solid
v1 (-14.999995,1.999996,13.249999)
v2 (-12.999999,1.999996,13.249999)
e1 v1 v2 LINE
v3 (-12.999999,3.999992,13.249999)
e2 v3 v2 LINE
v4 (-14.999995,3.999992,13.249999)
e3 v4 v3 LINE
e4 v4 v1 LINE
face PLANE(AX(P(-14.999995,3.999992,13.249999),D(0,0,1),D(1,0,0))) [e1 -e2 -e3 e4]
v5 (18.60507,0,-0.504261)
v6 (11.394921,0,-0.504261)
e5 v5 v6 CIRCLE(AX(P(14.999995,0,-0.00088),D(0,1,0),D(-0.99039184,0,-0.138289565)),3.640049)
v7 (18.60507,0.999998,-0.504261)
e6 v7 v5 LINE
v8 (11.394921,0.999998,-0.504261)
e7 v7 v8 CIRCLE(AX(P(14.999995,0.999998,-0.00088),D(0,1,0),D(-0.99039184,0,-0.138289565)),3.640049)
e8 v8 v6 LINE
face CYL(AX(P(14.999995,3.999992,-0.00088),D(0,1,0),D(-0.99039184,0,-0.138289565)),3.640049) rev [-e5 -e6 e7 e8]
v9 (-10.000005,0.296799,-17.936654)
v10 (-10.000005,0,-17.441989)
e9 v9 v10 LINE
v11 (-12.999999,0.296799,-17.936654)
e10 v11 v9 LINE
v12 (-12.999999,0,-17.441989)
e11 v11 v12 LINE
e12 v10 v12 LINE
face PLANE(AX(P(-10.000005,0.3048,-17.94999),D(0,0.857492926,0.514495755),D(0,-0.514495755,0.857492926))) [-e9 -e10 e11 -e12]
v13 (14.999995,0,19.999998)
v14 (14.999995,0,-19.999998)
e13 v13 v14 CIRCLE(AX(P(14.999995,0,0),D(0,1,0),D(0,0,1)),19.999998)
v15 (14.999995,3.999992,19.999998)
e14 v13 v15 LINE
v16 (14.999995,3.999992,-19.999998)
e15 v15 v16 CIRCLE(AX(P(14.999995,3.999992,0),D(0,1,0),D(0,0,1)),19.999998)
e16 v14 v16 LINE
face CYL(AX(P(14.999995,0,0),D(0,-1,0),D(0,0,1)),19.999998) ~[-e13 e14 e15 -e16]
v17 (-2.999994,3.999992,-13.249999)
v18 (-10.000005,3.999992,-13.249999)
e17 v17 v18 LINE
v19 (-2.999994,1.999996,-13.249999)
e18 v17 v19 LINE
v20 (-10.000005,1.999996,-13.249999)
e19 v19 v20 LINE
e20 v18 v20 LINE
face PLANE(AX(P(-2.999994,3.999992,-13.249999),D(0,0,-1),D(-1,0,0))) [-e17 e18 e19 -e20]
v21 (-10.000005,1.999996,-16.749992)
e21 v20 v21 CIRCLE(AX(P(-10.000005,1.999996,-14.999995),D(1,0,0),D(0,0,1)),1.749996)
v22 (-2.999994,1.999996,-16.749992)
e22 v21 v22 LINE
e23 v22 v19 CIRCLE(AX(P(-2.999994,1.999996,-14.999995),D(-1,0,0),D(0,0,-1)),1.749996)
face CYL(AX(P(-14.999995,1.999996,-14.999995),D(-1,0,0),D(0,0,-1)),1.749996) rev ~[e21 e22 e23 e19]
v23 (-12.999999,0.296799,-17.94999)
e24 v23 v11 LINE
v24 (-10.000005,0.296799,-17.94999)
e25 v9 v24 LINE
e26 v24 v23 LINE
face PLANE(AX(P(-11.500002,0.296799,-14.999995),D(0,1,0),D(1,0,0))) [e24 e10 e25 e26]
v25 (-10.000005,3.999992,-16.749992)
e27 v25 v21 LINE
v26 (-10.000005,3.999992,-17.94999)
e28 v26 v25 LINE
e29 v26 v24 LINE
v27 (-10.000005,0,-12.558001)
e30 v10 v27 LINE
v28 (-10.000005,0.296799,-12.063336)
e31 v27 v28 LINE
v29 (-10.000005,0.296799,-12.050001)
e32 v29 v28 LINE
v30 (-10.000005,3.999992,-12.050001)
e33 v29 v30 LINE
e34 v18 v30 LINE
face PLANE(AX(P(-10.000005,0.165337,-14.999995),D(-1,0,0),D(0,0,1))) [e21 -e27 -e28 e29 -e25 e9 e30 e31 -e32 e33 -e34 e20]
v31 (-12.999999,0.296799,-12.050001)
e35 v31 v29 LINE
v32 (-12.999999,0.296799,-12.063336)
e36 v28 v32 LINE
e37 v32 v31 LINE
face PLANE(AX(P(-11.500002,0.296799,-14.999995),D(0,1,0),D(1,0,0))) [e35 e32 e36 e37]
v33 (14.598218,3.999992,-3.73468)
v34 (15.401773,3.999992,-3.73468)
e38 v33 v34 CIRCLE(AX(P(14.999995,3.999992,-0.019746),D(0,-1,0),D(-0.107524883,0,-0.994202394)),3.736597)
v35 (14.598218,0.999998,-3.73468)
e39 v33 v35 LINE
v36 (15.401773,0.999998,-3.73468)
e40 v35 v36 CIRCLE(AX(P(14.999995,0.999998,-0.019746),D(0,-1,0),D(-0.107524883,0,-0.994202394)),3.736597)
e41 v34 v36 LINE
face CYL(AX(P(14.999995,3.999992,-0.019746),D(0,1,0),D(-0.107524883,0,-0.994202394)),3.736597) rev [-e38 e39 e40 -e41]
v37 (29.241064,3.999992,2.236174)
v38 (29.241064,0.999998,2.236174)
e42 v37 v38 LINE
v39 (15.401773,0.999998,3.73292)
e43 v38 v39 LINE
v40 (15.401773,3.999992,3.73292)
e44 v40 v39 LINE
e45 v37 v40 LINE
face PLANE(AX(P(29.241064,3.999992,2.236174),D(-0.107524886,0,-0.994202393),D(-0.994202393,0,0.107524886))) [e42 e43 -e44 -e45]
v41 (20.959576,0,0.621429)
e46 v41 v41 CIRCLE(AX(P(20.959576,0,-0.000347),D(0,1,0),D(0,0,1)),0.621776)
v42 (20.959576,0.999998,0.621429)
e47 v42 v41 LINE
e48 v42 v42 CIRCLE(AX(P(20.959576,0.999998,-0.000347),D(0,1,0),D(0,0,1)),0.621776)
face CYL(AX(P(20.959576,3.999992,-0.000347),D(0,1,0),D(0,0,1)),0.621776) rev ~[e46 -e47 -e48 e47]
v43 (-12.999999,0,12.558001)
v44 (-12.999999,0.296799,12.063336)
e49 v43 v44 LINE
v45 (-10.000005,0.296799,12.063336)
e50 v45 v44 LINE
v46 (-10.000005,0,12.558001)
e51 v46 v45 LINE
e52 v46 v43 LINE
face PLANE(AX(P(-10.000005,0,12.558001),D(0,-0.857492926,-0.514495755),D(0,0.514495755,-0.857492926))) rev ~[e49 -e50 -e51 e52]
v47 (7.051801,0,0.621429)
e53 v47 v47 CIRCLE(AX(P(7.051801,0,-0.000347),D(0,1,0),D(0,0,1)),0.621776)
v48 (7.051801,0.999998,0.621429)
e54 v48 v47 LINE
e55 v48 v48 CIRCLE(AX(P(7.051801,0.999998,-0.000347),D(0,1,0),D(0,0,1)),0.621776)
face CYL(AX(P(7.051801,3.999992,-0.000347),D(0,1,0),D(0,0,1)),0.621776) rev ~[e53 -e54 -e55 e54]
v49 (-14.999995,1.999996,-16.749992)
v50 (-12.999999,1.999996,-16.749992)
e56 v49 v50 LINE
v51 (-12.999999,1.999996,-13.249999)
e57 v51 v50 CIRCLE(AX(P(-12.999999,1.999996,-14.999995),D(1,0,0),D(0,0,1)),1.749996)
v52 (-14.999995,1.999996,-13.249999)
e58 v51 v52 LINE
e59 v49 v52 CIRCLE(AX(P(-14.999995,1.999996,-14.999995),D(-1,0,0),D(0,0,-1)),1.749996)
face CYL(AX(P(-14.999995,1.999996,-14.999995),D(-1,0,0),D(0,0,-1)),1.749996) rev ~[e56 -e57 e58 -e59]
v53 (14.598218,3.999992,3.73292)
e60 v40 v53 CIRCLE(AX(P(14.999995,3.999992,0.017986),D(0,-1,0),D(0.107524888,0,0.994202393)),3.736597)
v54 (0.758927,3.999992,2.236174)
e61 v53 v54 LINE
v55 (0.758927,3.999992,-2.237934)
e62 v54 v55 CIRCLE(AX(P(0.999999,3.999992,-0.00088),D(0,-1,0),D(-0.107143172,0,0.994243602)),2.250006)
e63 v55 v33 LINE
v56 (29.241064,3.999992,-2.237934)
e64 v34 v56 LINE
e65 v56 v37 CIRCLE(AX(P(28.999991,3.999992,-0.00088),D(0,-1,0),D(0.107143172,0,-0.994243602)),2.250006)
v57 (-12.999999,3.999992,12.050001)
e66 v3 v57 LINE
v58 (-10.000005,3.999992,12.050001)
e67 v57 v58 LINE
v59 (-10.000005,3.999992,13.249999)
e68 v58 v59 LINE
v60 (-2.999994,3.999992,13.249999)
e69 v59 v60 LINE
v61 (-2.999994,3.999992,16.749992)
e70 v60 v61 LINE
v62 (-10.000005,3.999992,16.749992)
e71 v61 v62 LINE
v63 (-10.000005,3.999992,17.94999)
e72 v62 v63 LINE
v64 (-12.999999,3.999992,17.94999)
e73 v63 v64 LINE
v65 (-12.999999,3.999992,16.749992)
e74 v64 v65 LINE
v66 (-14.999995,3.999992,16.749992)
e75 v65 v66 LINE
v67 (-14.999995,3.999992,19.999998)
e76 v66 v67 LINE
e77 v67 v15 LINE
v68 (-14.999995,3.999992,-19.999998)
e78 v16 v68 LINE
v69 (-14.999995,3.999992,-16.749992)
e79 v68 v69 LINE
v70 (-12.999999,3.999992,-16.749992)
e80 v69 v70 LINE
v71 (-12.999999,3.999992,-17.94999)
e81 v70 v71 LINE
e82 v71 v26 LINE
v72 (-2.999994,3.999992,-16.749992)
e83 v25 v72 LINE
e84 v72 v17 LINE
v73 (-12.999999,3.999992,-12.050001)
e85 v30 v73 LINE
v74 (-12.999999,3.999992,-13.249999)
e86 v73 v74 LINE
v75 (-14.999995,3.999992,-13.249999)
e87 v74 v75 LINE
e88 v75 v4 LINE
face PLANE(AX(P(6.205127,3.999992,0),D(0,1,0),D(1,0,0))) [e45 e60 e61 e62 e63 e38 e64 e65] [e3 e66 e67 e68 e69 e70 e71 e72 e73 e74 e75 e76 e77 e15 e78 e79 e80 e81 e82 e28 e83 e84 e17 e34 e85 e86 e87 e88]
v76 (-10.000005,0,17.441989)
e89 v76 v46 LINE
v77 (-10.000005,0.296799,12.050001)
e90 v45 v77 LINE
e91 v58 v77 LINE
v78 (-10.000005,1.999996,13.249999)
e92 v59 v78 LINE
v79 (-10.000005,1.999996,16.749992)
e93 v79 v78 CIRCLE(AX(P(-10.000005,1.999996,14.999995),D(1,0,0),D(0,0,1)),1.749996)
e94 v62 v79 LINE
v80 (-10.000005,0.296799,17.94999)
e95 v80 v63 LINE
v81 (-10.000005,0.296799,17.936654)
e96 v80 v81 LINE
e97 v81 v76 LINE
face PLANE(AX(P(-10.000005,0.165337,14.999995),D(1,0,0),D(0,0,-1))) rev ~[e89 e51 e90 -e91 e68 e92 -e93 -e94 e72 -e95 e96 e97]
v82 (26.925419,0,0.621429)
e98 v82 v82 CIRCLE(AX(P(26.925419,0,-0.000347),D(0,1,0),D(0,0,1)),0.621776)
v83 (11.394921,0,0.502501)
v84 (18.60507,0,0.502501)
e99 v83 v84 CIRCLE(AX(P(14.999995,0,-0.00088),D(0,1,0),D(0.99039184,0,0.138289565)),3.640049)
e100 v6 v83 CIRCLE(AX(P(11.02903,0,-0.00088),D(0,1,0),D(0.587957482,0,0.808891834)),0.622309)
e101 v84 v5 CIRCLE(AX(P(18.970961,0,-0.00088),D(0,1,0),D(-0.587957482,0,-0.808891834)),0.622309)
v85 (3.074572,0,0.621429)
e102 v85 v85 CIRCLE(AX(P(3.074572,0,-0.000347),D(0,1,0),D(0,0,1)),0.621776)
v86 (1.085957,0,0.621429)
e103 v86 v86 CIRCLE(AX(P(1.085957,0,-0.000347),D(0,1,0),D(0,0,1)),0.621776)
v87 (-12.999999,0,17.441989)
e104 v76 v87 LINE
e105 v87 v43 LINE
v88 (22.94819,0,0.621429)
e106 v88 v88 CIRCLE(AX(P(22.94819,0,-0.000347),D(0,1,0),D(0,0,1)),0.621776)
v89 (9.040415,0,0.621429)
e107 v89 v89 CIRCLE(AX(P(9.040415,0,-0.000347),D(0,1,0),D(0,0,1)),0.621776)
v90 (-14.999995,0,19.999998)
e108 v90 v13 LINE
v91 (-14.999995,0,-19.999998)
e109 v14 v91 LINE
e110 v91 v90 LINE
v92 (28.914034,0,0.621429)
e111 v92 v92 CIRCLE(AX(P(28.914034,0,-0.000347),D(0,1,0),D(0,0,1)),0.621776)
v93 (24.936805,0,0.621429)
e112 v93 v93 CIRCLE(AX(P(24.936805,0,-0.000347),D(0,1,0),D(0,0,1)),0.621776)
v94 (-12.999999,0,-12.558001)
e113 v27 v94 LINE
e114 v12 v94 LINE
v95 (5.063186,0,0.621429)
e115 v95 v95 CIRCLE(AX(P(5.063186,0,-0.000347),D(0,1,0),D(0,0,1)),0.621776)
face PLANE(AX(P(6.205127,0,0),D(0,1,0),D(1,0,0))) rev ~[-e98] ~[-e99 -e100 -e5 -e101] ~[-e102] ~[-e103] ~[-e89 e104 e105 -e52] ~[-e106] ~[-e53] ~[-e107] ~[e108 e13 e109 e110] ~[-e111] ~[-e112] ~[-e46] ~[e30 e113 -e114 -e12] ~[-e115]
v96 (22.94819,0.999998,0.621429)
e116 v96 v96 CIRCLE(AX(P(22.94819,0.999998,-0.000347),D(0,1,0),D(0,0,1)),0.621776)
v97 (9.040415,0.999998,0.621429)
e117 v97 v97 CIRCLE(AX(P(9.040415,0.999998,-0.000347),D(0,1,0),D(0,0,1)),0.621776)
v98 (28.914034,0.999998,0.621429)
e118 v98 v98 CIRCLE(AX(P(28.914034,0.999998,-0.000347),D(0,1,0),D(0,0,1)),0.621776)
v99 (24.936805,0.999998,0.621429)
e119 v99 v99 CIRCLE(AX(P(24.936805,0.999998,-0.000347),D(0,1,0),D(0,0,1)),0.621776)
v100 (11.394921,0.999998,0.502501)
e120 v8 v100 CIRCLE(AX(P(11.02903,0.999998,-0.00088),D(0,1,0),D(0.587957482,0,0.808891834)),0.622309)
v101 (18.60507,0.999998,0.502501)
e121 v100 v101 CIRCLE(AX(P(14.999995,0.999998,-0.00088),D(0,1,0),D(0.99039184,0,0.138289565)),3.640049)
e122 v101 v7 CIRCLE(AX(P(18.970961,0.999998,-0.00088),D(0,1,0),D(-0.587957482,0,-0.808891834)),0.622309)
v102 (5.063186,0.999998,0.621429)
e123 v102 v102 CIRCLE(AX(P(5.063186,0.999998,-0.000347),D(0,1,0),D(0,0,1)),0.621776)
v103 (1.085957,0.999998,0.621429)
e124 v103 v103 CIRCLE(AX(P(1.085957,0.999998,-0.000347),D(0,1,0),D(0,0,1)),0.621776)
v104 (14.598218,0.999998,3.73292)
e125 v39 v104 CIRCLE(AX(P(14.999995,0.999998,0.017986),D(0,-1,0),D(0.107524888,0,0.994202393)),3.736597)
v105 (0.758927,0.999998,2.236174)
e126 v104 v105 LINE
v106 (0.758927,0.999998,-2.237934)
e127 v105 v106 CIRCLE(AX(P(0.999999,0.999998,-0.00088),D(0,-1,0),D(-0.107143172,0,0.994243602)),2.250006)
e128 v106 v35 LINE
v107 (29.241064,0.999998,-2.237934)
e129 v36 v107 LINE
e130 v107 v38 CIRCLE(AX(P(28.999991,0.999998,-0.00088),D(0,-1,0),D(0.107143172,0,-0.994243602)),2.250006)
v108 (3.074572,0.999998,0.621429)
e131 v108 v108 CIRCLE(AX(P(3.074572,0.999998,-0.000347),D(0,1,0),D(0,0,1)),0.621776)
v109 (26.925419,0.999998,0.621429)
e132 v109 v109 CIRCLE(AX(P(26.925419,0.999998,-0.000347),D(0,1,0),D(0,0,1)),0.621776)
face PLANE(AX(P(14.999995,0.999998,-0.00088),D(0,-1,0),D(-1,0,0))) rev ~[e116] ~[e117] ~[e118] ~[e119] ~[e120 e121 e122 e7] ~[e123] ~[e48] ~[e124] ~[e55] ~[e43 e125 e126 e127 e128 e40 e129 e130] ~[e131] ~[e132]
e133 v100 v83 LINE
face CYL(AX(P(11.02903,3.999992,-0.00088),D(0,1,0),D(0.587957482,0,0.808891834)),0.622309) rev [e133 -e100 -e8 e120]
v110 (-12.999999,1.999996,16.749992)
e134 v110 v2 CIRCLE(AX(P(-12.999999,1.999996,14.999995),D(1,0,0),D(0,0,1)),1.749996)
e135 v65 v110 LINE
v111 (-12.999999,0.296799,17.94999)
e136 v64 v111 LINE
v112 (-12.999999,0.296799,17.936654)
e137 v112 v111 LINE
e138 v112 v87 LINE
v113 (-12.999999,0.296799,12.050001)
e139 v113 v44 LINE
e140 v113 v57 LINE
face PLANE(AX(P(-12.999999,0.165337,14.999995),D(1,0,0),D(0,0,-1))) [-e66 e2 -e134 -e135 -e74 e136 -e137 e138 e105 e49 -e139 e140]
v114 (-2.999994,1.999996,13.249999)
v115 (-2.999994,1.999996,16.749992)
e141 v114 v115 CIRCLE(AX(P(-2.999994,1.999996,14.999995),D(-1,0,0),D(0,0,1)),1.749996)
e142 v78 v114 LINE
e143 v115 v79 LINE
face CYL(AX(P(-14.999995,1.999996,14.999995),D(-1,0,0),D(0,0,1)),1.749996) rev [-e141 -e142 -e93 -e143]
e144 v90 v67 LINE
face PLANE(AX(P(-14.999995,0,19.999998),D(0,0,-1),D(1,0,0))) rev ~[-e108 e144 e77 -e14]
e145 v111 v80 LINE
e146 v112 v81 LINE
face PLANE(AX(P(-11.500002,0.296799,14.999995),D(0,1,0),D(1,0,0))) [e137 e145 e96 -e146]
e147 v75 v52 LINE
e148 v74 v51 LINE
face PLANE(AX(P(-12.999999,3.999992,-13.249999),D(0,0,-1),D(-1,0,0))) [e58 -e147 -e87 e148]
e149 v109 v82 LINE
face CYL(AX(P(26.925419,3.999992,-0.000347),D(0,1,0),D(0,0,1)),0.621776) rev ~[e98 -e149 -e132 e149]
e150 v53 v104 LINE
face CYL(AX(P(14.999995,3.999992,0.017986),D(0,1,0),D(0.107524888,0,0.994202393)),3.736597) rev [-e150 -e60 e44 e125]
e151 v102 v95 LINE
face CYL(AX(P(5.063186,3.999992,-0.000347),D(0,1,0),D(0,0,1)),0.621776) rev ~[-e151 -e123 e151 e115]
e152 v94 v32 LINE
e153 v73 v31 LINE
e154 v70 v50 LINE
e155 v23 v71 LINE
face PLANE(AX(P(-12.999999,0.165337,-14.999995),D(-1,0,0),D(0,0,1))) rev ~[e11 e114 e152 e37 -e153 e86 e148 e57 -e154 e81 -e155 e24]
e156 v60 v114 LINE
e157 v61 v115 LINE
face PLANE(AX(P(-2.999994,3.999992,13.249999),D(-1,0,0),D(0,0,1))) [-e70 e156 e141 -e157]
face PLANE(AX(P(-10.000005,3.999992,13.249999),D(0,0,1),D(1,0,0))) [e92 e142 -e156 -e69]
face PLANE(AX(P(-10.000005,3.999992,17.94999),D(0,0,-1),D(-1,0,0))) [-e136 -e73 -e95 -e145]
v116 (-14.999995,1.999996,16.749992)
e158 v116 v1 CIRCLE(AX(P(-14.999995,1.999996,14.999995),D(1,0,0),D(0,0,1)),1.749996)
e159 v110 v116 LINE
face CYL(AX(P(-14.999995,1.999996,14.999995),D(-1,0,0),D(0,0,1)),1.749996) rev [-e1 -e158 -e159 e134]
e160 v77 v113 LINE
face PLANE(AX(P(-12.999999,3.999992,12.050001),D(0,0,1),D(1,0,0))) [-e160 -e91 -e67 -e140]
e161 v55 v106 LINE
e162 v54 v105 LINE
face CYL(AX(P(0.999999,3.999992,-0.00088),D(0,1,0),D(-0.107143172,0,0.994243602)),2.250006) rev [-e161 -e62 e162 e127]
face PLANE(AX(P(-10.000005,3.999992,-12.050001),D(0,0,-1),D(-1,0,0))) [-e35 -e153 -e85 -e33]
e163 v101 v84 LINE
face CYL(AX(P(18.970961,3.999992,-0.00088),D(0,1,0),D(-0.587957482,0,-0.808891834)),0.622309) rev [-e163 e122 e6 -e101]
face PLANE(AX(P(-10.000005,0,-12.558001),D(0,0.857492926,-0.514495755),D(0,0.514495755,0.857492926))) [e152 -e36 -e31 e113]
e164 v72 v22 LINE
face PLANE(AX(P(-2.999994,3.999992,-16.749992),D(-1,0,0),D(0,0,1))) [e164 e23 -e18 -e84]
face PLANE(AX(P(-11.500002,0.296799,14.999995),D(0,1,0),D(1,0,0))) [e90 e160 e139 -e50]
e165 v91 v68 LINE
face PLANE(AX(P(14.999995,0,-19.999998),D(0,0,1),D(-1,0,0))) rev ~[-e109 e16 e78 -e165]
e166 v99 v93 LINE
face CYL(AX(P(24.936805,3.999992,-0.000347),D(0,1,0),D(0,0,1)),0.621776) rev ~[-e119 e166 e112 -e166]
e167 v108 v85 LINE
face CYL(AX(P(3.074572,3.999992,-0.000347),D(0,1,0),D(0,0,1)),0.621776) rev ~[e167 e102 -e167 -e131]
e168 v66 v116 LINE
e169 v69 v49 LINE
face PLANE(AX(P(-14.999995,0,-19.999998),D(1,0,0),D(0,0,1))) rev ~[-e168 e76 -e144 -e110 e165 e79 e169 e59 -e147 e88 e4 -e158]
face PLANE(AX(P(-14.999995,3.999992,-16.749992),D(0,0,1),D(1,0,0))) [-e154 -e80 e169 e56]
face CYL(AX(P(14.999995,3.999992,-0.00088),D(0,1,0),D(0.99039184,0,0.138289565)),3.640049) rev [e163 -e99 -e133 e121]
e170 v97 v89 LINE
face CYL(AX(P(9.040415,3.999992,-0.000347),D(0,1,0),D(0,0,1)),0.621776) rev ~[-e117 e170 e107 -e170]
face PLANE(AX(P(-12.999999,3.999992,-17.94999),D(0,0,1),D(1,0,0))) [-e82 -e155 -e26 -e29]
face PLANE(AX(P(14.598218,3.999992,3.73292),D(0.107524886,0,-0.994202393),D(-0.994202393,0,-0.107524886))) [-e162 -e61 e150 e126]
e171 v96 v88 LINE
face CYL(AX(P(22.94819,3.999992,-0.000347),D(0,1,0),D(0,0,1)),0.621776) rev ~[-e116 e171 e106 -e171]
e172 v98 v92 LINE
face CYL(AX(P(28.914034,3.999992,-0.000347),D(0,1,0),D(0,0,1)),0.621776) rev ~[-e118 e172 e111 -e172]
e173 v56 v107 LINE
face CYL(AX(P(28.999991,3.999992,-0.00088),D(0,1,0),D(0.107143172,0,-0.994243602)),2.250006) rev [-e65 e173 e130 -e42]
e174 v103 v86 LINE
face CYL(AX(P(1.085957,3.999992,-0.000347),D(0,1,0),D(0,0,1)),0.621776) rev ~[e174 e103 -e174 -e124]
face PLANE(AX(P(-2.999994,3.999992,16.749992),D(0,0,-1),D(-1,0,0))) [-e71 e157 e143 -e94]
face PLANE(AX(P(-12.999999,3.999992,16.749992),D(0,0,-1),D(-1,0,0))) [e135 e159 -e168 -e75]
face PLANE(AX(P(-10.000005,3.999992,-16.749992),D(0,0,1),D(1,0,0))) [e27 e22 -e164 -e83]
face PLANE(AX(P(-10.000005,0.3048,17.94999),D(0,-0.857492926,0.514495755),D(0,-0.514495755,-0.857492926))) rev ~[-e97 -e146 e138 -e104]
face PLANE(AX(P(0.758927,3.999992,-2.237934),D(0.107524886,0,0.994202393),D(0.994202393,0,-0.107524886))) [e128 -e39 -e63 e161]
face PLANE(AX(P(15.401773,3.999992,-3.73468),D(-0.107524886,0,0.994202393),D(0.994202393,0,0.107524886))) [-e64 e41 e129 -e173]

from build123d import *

# Parameters (mm, degrees)
BOSS_EXTRUDE1_DEPTH = 3.999992
CUT_EXTRUDE1_DEPTH  = 1.999996
CUT_EXTRUDE2_REACH  = 56
CUT_EXTRUDE3_DEPTH  = 3.703193
CUT_EXTRUDE4_DEPTH  = 2.999994
SKETCH6_R           = 0.621776252
CUT_EXTRUDE5_DEPTH  = 41.509250857
CUT_EXTRUDE6_DEPTH  = 2.999994


with BuildPart() as part:
    # Sketch1 → Boss-Extrude1 (new body)
    with BuildSketch(Plane(origin=(0, 0, 0), x_dir=(1, 0, 0), z_dir=(0, 1, 0))):
        with BuildLine():
            Line((-14.9999954, -19.9999981), (14.9999954, -19.9999981))
            ThreePointArc((14.9999954, -19.9999981), (34.9999935, 0), (14.9999954, 19.9999981))
            Line((14.9999954, 19.9999981), (-14.9999954, 19.9999981))
            Line((-14.9999954, 19.9999981), (-14.9999954, -19.9999981))
        make_face()
    extrude(amount=BOSS_EXTRUDE1_DEPTH)

    # Sketch2 → Cut-Extrude1 (cut)
    with BuildSketch(Plane(origin=(0, 3.999992, 0), x_dir=(1, 0, 0), z_dir=(0, 1, 0))):
        Polygon((-14.9999954, -16.7499919), (-14.9999954, -13.2499989), (-12.9999994, -13.2499989), (-12.9999994, -12.0500013), (-10.0000054, -12.0500013), (-10.0000054, -13.2499989), (-2.999994, -13.2499989), (-2.999994, -16.7499919), (-10.0000054, -16.7499919), (-10.0000054, -17.9499895), (-12.9999994, -17.9499895), (-12.9999994, -16.7499919), align=None)
        Polygon((-14.9999954, 16.7499919), (-12.9999994, 16.7499919), (-12.9999994, 17.9499895), (-10.0000054, 17.9499895), (-10.0000054, 16.7499919), (-2.999994, 16.7499919), (-2.999994, 13.2499989), (-10.0000054, 13.2499989), (-10.0000054, 12.0500013), (-12.9999994, 12.0500013), (-12.9999994, 13.2499989), (-14.9999954, 13.2499989), align=None)
    extrude(amount=-CUT_EXTRUDE1_DEPTH, mode=Mode.SUBTRACT)

    # Cut-Extrude2: up to this face of the body (flat: up to its plane)
    cut_extrude2_end = Plane(part.part.faces().sort_by_distance((-2.999994, 2.999994, -14.9999954))[0])
    # Sketch3 → Cut-Extrude2 (cut, up to the picked face)
    with BuildSketch(Plane.ZY.offset(14.9999954), mode=Mode.PRIVATE) as cut_extrude2_sk1:
        with BuildLine():
            Line((13.2499989, 1.999996), (16.7499919, 1.999996))
            ThreePointArc((16.7499919, 1.999996), (14.9999954, 0.2499995), (13.2499989, 1.999996))
        make_face()
    cut_extrude2_tool1 = split(extrude(cut_extrude2_sk1.sketch, amount=-CUT_EXTRUDE2_REACH, mode=Mode.PRIVATE), bisect_by=cut_extrude2_end, keep=Keep.BOTH, mode=Mode.PRIVATE)
    # Sketch3 → Cut-Extrude2 (cut, up to the picked face)
    with BuildSketch(Plane.ZY.offset(14.9999954), mode=Mode.PRIVATE) as cut_extrude2_sk2:
        with BuildLine():
            Line((-13.2499989, 1.999996), (-16.7499919, 1.999996))
            ThreePointArc((-16.7499919, 1.999996), (-14.9999954, 0.2499995), (-13.2499989, 1.999996))
        make_face()
    cut_extrude2_tool2 = split(extrude(cut_extrude2_sk2.sketch, amount=-CUT_EXTRUDE2_REACH, mode=Mode.PRIVATE), bisect_by=cut_extrude2_end, keep=Keep.BOTH, mode=Mode.PRIVATE)
    add(cut_extrude2_tool1.solids().sort_by(Axis((-14.999995, 1.257274, 14.999995), (1, 0, 0)))[0], mode=Mode.SUBTRACT)
    add(cut_extrude2_tool2.solids().sort_by(Axis((-14.999995, 1.257274, -14.999995), (1, 0, 0)))[0], mode=Mode.SUBTRACT)

    # Sketch4 → Cut-Extrude3 (cut)
    with BuildSketch(Plane(origin=(0, 3.999992, 0), x_dir=(1, 0, 0), z_dir=(0, 1, 0))):
        Polygon((-12.9999994, 13.2499989), (-12.9999994, 12.0500013), (-10.0000054, 12.0500013), (-10.0000054, 13.2499989), (-10.0000054, 16.7499919), (-10.0000054, 17.9499895), (-12.9999994, 17.9499895), (-12.9999994, 16.7499919), align=None)
        Polygon((-10.0000054, -16.7499919), (-10.0000054, -13.2499989), (-10.0000054, -12.0500013), (-12.9999994, -12.0500013), (-12.9999994, -13.2499989), (-12.9999994, -16.7499919), (-12.9999994, -17.9499895), (-10.0000054, -17.9499895), align=None)
    extrude(amount=-CUT_EXTRUDE3_DEPTH, mode=Mode.SUBTRACT)

    # Sketch5 → Cut-Extrude4 (cut)
    with BuildSketch(Plane.ZY.offset(10.0000054)):
        Polygon((-17.4419895, 0), (-12.5580013, 0), (-12.0500013, 0.3048), (-17.9499895, 0.3048), align=None)
        Polygon((12.5580013, 0), (12.0500013, 0.3048), (17.9499895, 0.3048), (17.4419895, 0), align=None)
    extrude(amount=CUT_EXTRUDE4_DEPTH, mode=Mode.SUBTRACT)

    # Sketch6 → Cut-Extrude5 (cut, through all)
    with BuildSketch(Plane(origin=(0, 3.999992, 0), x_dir=(1, 0, 0), z_dir=(0, 1, 0))):
        with BuildLine():
            ThreePointArc((18.60506983, 0.504260657), (19.593270199, 0.000879919), (18.60506983, -0.502500819))
            ThreePointArc((18.60506983, -0.502500819), (14.9999954, -3.639168681), (11.39492097, -0.502500819))
            ThreePointArc((11.39492097, -0.502500819), (10.406720601, 0.000879919), (11.39492097, 0.504260657))
            ThreePointArc((11.39492097, 0.504260657), (14.9999954, 3.640928519), (18.60506983, 0.504260657))
        make_face()
        with Locations(Location((9.040415251, 0.000347085, 0), (0, 0, 270))):
            Circle(SKETCH6_R)
        with Locations(Location((7.051800737, 0.000347085, 0), (0, 0, 270))):
            Circle(SKETCH6_R)
        with Locations(Location((5.063186223, 0.000347085, 0), (0, 0, 270))):
            Circle(SKETCH6_R)
        with Locations(Location((3.074571709, 0.000347085, 0), (0, 0, 270))):
            Circle(SKETCH6_R)
        with Locations(Location((1.085957195, 0.000347085, 0), (0, 0, 270))):
            Circle(SKETCH6_R)
        with Locations(Location((20.959575549, 0.000347085, 0), (0, 0, 270))):
            Circle(SKETCH6_R)
        with Locations(Location((22.948190063, 0.000347085, 0), (0, 0, 270))):
            Circle(SKETCH6_R)
        with Locations(Location((24.936804577, 0.000347085, 0), (0, 0, 270))):
            Circle(SKETCH6_R)
        with Locations(Location((26.925419091, 0.000347085, 0), (0, 0, 270))):
            Circle(SKETCH6_R)
        with Locations(Location((28.914033605, 0.000347085, 0), (0, 0, 270))):
            Circle(SKETCH6_R)
    extrude(amount=-CUT_EXTRUDE5_DEPTH, mode=Mode.SUBTRACT)

    # Sketch7 → Cut-Extrude6 (cut)
    with BuildSketch(Plane(origin=(0, 3.999992, 0), x_dir=(1, 0, 0), z_dir=(0, 1, 0))):
        with BuildLine():
            Line((0.7589266, 2.237934119), (14.5982182, 3.734679919))
            ThreePointArc((14.5982182, 3.734679919), (14.9999954, 3.75634324), (15.4017726, 3.734679919))
            Line((15.4017726, 3.734679919), (29.2410642, 2.237934119))
            ThreePointArc((29.2410642, 2.237934119), (31.249997536, 0.000879919), (29.2410642, -2.236174281))
            Line((29.2410642, -2.236174281), (15.4017726, -3.732920081))
            ThreePointArc((15.4017726, -3.732920081), (14.9999954, -3.754583403), (14.5982182, -3.732920081))
            Line((14.5982182, -3.732920081), (0.7589266, -2.236174281))
            ThreePointArc((0.7589266, -2.236174281), (-1.250006736, 0.000879919), (0.7589266, 2.237934119))
        make_face()
    extrude(amount=-CUT_EXTRUDE6_DEPTH, mode=Mode.SUBTRACT)


solid = part.part
